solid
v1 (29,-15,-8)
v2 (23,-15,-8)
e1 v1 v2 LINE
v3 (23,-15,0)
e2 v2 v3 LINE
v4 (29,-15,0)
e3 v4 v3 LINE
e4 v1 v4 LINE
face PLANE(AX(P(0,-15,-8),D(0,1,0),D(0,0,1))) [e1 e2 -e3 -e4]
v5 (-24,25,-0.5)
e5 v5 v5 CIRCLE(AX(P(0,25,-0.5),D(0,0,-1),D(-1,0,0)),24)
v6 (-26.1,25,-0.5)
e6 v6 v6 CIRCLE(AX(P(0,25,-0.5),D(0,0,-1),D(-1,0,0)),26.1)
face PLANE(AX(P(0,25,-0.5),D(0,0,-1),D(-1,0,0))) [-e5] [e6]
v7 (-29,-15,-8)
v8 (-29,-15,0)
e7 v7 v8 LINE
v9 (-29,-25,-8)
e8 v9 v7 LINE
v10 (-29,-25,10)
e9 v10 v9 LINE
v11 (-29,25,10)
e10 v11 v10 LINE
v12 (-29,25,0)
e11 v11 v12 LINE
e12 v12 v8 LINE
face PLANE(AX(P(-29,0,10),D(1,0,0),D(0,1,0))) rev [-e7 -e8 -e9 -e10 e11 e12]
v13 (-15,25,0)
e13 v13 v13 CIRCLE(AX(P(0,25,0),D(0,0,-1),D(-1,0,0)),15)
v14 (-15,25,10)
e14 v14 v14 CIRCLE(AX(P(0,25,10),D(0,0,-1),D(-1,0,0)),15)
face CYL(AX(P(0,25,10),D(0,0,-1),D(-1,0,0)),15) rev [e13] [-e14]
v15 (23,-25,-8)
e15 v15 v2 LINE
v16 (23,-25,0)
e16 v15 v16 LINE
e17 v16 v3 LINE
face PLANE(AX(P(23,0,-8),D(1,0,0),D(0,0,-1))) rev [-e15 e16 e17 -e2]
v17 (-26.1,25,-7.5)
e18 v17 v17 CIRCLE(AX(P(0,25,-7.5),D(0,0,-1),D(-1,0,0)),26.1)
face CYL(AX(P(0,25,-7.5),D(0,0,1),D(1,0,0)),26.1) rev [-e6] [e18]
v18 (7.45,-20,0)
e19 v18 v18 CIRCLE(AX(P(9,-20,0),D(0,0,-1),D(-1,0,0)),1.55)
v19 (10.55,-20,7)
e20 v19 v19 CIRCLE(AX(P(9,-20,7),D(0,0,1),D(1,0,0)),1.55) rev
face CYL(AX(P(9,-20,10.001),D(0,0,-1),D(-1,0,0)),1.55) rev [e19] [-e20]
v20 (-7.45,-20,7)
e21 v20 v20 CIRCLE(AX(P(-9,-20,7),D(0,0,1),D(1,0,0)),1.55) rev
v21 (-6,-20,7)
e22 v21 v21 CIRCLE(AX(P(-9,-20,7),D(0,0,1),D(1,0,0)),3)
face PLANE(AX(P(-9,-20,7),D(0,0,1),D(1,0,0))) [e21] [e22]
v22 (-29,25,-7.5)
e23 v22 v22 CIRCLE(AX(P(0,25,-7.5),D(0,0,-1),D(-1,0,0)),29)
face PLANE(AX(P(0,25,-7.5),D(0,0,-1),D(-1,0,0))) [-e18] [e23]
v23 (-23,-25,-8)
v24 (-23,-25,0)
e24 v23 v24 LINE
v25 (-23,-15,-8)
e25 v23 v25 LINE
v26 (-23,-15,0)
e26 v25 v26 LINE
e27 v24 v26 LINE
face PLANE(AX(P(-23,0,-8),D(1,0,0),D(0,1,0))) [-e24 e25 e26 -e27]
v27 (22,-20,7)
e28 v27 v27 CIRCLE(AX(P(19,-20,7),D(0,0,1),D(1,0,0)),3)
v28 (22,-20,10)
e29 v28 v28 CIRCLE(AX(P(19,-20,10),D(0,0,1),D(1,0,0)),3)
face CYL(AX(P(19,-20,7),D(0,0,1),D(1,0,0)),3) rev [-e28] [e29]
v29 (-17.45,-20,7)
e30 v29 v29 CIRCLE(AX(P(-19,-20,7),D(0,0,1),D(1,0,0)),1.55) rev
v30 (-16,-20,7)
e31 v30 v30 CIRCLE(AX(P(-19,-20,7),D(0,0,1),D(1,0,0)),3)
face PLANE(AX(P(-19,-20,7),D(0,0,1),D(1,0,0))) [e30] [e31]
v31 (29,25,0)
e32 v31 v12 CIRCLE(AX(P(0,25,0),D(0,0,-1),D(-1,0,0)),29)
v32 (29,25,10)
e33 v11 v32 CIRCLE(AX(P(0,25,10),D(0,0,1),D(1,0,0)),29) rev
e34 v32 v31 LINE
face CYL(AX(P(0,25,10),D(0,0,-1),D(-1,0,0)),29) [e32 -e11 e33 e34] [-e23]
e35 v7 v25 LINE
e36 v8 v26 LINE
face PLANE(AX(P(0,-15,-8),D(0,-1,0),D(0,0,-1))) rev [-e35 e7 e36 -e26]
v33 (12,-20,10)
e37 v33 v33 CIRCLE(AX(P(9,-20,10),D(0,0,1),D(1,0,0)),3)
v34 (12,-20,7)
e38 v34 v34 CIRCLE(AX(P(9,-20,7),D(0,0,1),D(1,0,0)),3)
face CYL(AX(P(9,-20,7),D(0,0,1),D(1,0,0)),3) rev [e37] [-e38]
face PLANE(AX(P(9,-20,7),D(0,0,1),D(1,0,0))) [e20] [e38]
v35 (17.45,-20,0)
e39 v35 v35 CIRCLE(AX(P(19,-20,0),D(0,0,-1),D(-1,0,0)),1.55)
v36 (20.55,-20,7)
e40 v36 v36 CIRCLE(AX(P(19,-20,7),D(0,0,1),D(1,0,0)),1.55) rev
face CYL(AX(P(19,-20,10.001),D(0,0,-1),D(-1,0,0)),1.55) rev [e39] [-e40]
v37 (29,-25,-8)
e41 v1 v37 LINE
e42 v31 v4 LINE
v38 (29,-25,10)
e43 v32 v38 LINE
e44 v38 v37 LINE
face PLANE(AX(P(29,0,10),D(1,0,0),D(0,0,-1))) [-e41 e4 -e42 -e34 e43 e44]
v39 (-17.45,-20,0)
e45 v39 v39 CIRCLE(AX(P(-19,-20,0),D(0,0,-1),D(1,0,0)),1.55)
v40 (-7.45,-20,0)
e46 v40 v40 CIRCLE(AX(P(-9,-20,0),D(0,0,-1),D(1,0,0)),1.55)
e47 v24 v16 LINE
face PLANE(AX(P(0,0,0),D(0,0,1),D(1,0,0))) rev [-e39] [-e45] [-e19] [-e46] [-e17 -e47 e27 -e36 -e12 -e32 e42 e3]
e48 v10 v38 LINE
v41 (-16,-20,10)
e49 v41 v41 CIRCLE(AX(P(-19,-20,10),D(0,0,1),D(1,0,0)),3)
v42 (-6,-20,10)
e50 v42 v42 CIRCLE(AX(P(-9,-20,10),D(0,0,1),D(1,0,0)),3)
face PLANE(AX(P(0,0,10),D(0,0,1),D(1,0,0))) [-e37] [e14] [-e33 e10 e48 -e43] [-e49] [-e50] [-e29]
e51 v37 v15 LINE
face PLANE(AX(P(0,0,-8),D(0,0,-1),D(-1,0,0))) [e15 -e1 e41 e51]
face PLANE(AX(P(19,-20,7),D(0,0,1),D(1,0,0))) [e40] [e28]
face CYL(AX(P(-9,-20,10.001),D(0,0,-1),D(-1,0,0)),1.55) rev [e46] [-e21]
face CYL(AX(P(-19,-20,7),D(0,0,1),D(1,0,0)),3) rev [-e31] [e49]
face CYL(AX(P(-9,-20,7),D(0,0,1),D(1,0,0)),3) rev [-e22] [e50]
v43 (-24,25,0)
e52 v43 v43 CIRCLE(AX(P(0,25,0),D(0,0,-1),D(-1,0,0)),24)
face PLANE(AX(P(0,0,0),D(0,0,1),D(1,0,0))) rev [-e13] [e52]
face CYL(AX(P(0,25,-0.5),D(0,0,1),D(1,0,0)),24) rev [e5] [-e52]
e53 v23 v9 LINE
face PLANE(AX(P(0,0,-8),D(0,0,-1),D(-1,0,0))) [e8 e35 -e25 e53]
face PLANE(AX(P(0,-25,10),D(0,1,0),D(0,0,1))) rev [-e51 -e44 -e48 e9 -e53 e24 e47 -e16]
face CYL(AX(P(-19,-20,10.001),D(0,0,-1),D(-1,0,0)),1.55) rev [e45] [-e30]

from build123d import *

# Parameters (mm, degrees)
SKETCH_1_W          = 58
SKETCH_1_H          = 50
EXTRUDE_1_DEPTH     = 10
SKETCH_2_R          = 29
SKETCH_2_R_2        = 26.1
EXTRUDE_2_DEPTH     = 7.5
SKETCH_3_R          = 26.1
SKETCH_3_R_2        = 24
EXTRUDE_3_DEPTH     = 0.5
SKETCH_4_W          = 6
SKETCH_4_H          = 5
EXTRUDE_4_DEPTH     = 8
CUT_EXTRUDE_1_REACH = 12
SKETCH_5_R          = 1.55
SKETCH_6_R          = 3
CUT_EXTRUDE_2_DEPTH = 3
SKETCH_7_R          = 15
CUT_EXTRUDE_3_DEPTH = 11


with BuildPart() as part:
    # 草图1 → 凸台-拉伸1 (new body)
    with BuildSketch(Plane.XY):
        with BuildLine():
            ThreePointArc((-29, 25), (0, 54), (29, 25))
            Line((29, 25), (-29, 25))
        make_face()
        Rectangle(SKETCH_1_W, SKETCH_1_H)
    extrude(amount=EXTRUDE_1_DEPTH)

    # 草图2 → 凸台-拉伸2 (add)
    with BuildSketch(Plane(origin=(0, 0, 0), x_dir=(-1, 0, 0), z_dir=(0, 0, -1))):
        with Locations((0, 25)):
            Circle(SKETCH_2_R)
        with Locations((0, 25)):
            Circle(SKETCH_2_R_2, mode=Mode.SUBTRACT)
    extrude(amount=EXTRUDE_2_DEPTH)

    # 草图3 → 凸台-拉伸3 (add)
    with BuildSketch(Plane(origin=(0, 0, 0), x_dir=(-1, 0, 0), z_dir=(0, 0, -1))):
        with Locations((0, 25)):
            Circle(SKETCH_3_R)
        with Locations((0, 25)):
            Circle(SKETCH_3_R_2, mode=Mode.SUBTRACT)
    extrude(amount=EXTRUDE_3_DEPTH)

    # 草图4 → 凸台-拉伸4 (add)
    with BuildSketch(Plane(origin=(0, 0, 0), x_dir=(-1, 0, 0), z_dir=(0, 0, -1))):
        with Locations((-26, -17.5)):
            Rectangle(SKETCH_4_W, SKETCH_4_H)
        with Locations((-26, -22.5)):
            Rectangle(SKETCH_4_W, SKETCH_4_H)
        with Locations((26, -17.5)):
            Rectangle(SKETCH_4_W, SKETCH_4_H)
        with Locations((26, -22.5)):
            Rectangle(SKETCH_4_W, SKETCH_4_H)
    extrude(amount=EXTRUDE_4_DEPTH)

    # 草图5 → 切除-拉伸1 (cut, up to next)
    with BuildSketch(Plane(origin=(0, 0, 0), x_dir=(-1, 0, 0), z_dir=(0, 0, -1)), mode=Mode.PRIVATE) as cut_extrude_1_sk1:
        with Locations((-19, -20)):
            Circle(SKETCH_5_R)
    cut_extrude_1_tool1 = extrude(cut_extrude_1_sk1.sketch, amount=-CUT_EXTRUDE_1_REACH, mode=Mode.PRIVATE) & part.part
    add(cut_extrude_1_tool1.solids().sort_by_distance((19, -20, 0))[0], mode=Mode.SUBTRACT)
    # 草图5 → 切除-拉伸1 (cut, up to next)
    with BuildSketch(Plane(origin=(0, 0, 0), x_dir=(-1, 0, 0), z_dir=(0, 0, -1)), mode=Mode.PRIVATE) as cut_extrude_1_sk2:
        with Locations((-9, -20)):
            Circle(SKETCH_5_R)
    cut_extrude_1_tool2 = extrude(cut_extrude_1_sk2.sketch, amount=-CUT_EXTRUDE_1_REACH, mode=Mode.PRIVATE) & part.part
    add(cut_extrude_1_tool2.solids().sort_by_distance((9, -20, 0))[0], mode=Mode.SUBTRACT)
    # 草图5 → 切除-拉伸1 (cut, up to next)
    with BuildSketch(Plane(origin=(0, 0, 0), x_dir=(-1, 0, 0), z_dir=(0, 0, -1)), mode=Mode.PRIVATE) as cut_extrude_1_sk3:
        with Locations((9, -20)):
            Circle(SKETCH_5_R)
    cut_extrude_1_tool3 = extrude(cut_extrude_1_sk3.sketch, amount=-CUT_EXTRUDE_1_REACH, mode=Mode.PRIVATE) & part.part
    add(cut_extrude_1_tool3.solids().sort_by_distance((-9, -20, 0))[0], mode=Mode.SUBTRACT)
    # 草图5 → 切除-拉伸1 (cut, up to next)
    with BuildSketch(Plane(origin=(0, 0, 0), x_dir=(-1, 0, 0), z_dir=(0, 0, -1)), mode=Mode.PRIVATE) as cut_extrude_1_sk4:
        with Locations((19, -20)):
            Circle(SKETCH_5_R)
    cut_extrude_1_tool4 = extrude(cut_extrude_1_sk4.sketch, amount=-CUT_EXTRUDE_1_REACH, mode=Mode.PRIVATE) & part.part
    add(cut_extrude_1_tool4.solids().sort_by_distance((-19, -20, 0))[0], mode=Mode.SUBTRACT)

    # 草图6 → 切除-拉伸2 (cut)
    with BuildSketch(Plane.XY.offset(10)):
        with Locations((19, -20)):
            Circle(SKETCH_6_R)
        with Locations((9, -20)):
            Circle(SKETCH_6_R)
        with Locations((-9, -20)):
            Circle(SKETCH_6_R)
        with Locations((-19, -20)):
            Circle(SKETCH_6_R)
    extrude(amount=-CUT_EXTRUDE_2_DEPTH, mode=Mode.SUBTRACT)

    # 草图7 → 切除-拉伸3 (cut, through all)
    with BuildSketch(Plane(origin=(0, 0, 0), x_dir=(-1, 0, 0), z_dir=(0, 0, -1))):
        with Locations((0, 25)):
            Circle(SKETCH_7_R)
    extrude(amount=-CUT_EXTRUDE_3_DEPTH, mode=Mode.SUBTRACT)


solid = part.part
